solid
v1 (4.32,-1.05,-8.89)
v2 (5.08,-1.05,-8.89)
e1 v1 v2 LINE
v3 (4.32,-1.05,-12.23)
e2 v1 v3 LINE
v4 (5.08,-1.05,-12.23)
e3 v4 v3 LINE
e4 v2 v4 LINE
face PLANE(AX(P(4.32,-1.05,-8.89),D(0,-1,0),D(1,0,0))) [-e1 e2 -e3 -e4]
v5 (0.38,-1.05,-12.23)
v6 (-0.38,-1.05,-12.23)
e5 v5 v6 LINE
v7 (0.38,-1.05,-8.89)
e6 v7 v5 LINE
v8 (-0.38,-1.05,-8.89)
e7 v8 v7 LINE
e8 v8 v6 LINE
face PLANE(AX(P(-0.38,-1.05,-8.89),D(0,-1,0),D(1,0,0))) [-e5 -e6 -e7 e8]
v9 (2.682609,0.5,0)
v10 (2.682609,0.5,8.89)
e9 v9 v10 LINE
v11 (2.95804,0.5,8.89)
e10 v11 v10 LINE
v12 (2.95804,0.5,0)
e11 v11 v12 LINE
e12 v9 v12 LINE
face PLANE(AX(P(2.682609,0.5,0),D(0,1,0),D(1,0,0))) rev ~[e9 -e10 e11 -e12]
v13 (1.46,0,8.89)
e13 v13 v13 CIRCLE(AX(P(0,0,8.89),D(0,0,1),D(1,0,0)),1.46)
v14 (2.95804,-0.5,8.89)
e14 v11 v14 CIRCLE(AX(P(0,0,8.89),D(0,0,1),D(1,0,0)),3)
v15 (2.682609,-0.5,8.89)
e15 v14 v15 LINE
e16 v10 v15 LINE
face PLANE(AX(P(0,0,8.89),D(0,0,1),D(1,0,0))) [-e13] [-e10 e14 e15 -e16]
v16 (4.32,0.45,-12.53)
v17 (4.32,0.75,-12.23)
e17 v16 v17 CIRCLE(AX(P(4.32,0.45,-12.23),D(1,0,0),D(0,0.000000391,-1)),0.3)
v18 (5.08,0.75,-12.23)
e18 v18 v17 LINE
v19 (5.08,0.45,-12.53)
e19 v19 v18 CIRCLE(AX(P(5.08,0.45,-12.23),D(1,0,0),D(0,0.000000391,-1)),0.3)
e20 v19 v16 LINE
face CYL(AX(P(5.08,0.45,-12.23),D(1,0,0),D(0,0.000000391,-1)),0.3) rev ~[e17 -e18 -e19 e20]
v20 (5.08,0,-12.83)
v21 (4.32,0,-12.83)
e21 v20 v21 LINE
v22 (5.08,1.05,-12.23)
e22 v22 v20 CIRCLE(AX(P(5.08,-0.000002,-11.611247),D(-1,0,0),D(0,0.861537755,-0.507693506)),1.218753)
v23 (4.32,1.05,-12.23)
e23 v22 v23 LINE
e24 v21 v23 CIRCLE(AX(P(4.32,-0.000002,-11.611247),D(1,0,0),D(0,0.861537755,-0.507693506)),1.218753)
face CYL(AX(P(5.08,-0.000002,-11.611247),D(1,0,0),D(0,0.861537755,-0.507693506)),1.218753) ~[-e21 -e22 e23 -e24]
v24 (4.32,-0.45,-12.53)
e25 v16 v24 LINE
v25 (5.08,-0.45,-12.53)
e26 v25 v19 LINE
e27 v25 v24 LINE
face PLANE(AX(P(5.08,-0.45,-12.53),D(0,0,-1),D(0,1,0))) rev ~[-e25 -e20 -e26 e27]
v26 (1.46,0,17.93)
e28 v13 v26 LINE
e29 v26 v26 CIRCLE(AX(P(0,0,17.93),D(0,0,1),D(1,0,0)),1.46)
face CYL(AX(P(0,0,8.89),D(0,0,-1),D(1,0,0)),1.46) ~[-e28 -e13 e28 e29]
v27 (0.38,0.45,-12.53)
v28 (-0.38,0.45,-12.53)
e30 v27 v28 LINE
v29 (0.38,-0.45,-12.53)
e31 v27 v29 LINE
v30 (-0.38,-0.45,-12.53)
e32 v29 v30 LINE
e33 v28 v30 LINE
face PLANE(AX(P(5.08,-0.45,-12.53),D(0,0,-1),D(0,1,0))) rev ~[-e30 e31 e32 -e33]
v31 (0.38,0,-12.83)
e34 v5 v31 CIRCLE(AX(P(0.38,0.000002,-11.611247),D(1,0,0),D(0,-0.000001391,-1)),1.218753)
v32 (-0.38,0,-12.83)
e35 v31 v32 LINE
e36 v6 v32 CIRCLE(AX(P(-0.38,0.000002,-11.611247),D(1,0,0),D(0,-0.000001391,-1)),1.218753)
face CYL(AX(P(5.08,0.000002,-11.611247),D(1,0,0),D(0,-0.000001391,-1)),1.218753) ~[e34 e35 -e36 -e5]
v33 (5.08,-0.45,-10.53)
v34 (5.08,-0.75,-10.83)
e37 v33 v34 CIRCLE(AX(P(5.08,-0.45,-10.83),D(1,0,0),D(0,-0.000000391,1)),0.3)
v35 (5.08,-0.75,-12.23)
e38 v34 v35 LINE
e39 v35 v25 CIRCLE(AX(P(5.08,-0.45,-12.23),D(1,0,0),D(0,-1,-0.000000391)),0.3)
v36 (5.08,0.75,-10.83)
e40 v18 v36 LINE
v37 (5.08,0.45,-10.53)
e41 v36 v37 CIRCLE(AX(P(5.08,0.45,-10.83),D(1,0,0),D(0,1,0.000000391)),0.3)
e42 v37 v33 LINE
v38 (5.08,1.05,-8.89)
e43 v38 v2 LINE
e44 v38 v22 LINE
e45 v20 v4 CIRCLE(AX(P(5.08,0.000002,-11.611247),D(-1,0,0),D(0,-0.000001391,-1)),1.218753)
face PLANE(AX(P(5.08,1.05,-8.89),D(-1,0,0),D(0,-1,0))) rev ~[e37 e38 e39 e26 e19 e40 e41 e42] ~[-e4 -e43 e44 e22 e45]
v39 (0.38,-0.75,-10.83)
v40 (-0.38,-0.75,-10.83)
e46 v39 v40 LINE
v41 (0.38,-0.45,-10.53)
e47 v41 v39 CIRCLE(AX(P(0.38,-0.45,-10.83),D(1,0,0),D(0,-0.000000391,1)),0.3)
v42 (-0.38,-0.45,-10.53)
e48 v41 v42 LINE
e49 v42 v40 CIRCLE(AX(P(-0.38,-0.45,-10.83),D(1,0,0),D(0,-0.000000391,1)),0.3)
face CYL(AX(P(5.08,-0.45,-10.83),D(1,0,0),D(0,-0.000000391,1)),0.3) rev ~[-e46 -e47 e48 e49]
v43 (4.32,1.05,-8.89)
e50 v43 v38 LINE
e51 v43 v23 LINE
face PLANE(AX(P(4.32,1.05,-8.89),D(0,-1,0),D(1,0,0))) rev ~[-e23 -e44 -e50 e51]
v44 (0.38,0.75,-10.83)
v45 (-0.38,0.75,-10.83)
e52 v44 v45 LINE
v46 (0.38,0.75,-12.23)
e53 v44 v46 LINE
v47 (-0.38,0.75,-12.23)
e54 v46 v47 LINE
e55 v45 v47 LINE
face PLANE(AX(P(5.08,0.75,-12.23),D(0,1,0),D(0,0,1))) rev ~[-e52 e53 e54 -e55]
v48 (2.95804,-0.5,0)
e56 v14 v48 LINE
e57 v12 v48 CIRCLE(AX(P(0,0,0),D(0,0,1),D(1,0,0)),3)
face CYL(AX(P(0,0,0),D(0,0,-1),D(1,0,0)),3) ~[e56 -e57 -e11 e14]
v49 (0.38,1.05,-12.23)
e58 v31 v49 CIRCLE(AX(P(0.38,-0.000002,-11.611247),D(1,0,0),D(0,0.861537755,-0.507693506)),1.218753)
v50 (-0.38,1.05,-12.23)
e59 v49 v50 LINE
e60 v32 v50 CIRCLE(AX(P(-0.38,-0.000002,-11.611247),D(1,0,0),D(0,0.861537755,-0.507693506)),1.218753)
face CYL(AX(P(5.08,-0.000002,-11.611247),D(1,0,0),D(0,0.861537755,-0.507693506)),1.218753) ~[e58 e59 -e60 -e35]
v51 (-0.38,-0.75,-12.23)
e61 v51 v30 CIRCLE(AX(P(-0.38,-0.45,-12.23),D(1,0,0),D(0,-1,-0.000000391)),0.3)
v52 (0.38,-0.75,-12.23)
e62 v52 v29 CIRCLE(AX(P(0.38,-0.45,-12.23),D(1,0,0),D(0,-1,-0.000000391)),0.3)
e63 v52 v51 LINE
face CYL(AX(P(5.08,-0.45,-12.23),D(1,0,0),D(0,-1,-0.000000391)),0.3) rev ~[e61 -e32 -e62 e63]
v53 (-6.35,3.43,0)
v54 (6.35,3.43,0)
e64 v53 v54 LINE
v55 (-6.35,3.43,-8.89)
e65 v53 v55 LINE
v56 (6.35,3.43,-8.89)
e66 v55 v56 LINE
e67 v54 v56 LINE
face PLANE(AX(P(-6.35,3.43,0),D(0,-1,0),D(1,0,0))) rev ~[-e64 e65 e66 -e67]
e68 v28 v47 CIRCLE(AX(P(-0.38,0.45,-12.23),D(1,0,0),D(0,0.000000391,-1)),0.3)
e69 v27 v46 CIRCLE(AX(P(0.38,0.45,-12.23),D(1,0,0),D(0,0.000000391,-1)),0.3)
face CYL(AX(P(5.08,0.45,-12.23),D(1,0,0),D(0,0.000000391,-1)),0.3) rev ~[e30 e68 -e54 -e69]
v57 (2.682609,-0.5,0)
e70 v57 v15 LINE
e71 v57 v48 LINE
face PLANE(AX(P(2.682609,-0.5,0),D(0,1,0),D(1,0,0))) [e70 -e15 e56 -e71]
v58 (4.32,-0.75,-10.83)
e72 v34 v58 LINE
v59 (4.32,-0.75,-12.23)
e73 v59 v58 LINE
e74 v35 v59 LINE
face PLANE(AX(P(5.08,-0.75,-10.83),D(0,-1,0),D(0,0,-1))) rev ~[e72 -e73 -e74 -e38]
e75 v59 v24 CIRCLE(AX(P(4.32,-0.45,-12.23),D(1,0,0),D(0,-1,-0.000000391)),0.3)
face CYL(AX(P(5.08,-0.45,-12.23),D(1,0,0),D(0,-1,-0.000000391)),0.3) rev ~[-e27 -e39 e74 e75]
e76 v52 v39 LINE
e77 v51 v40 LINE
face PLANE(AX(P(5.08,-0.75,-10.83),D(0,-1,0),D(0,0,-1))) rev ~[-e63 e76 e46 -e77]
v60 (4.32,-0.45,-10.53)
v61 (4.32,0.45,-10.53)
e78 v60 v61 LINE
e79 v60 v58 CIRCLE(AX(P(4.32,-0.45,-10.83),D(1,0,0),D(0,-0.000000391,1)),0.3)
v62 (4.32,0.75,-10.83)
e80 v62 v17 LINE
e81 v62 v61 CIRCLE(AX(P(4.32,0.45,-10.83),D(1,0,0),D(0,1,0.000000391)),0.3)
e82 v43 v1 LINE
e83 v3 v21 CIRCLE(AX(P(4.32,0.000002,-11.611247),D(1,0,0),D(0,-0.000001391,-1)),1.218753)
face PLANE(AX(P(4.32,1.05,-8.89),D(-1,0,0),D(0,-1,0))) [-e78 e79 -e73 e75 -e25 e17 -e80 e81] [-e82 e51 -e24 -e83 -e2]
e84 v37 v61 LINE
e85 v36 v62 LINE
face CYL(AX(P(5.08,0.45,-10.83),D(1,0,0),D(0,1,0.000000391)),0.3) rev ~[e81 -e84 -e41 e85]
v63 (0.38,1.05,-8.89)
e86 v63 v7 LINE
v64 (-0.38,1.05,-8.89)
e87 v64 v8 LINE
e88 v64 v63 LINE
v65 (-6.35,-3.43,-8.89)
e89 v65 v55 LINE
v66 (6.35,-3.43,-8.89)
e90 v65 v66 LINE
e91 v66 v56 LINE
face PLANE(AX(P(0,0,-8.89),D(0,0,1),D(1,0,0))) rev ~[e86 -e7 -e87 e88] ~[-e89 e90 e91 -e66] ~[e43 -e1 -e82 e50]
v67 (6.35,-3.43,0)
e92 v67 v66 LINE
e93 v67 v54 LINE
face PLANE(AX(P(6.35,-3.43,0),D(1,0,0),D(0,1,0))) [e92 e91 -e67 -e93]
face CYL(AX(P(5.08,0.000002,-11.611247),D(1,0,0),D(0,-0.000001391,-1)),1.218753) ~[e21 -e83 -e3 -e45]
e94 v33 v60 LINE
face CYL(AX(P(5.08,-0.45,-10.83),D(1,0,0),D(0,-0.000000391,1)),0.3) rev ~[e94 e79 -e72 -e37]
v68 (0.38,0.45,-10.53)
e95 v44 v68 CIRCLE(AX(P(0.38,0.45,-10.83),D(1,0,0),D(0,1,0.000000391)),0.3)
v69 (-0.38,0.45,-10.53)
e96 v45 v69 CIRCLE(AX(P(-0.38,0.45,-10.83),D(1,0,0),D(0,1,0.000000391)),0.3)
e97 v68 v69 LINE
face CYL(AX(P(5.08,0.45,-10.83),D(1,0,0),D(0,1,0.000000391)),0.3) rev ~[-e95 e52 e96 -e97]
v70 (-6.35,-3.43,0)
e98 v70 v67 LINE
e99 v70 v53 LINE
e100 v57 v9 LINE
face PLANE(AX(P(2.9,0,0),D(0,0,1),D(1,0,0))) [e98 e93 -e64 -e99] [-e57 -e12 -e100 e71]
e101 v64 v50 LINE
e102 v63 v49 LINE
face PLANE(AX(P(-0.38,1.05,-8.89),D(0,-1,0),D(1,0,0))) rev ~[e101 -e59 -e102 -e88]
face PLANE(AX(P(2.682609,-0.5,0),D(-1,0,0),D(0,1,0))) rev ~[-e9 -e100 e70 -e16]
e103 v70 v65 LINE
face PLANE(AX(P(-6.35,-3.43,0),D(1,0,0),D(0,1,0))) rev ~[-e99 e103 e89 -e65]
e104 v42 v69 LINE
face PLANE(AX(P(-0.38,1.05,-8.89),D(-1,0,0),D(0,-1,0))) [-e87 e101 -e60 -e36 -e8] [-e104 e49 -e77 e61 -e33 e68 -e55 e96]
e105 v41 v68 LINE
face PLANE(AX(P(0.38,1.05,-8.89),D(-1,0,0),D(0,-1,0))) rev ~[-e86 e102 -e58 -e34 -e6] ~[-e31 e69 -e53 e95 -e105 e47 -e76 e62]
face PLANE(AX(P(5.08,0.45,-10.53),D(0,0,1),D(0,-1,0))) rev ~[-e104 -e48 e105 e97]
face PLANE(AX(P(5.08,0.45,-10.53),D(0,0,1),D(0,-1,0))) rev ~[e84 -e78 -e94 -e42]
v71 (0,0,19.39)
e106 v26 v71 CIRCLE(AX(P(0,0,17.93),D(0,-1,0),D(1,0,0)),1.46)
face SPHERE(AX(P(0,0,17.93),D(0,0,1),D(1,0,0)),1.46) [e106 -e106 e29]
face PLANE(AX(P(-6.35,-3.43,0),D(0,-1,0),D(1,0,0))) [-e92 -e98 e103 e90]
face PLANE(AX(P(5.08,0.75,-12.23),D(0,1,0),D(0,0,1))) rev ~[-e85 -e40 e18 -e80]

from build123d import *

# Parameters (mm, degrees)
F0_W      = 12.7
F0_H      = 6.86
F1_DEPTH  = 8.89
F2_R      = 3
F3_DEPTH  = 8.89
F4_R      = 1.46
F5_DEPTH  = 10.5
F6_R      = 1.46
F7_W      = 0.434782
F7_H      = 1
F8_DEPTH  = 25
F9_W      = 0.76
F9_H      = 2.1
F10_DEPTH = 3.94
F12_DEPTH = 11.431


with BuildPart() as f1:
    # F0 (on Top) → F1 (new body)
    with BuildSketch(Plane.XY):
        Rectangle(F0_W, F0_H)
    extrude(amount=-F1_DEPTH)

    # F2 (on Top) → F3 (join)
    with BuildSketch(Plane.XY):
        Circle(F2_R)
    extrude(amount=F3_DEPTH)

    # F4 (on face) → F5 (join)
    with BuildSketch(Plane.XY.offset(8.89)):
        Circle(F4_R)
    extrude(amount=F5_DEPTH)

    # F6
    f6_edges = [f1.edges().sort_by_distance(p)[0] for p in [
        (-1.46, 0, 19.39),
    ]]
    fillet(f6_edges, radius=F6_R)

    # F7 (on Top) → F8 (cut)
    with BuildSketch(Plane.XY):
        with Locations((2.9, 0)):
            Rectangle(F7_W, F7_H)
    extrude(amount=F8_DEPTH, mode=Mode.SUBTRACT)

    # F9 (on face) → F10 (join)
    with BuildSketch(Plane(origin=(0, 0, -8.89), x_dir=(1, 0, 0), z_dir=(0, 0, -1))):
        Rectangle(F9_W, F9_H)
        with Locations((4.7, 0)):
            Rectangle(F9_W, F9_H)
    extrude(amount=F10_DEPTH)

    # F11 (on face) → F12 (cut, through all)
    with BuildSketch(Plane.YZ.offset(5.08)):
        with BuildLine():
            Line((0.45, -10.53), (-0.45, -10.53))
            ThreePointArc((-0.45, -10.53), (-0.662132, -10.617868), (-0.75, -10.83))
            Line((-0.75, -10.83), (-0.75, -12.23))
            ThreePointArc((-0.75, -12.23), (-0.662132, -12.442132), (-0.45, -12.53))
            Line((-0.45, -12.53), (0.45, -12.53))
            ThreePointArc((0.45, -12.53), (0.662132, -12.442132), (0.75, -12.23))
            Line((0.75, -12.23), (0.75, -10.83))
            ThreePointArc((0.75, -10.83), (0.662132, -10.617868), (0.45, -10.53))
        make_face()
        with BuildLine():
            ThreePointArc((1.05, -12.23), (0.604669, -12.669421), (0, -12.83))
            Line((0, -12.83), (1.05, -12.83))
            Line((1.05, -12.83), (1.05, -12.23))
        make_face()
        with BuildLine():
            ThreePointArc((0, -12.83), (-0.604669, -12.669421), (-1.05, -12.23))
            Line((-1.05, -12.23), (-1.05, -12.83))
            Line((-1.05, -12.83), (0, -12.83))
        make_face()
    extrude(amount=-F12_DEPTH, mode=Mode.SUBTRACT)


solid = f1.part
